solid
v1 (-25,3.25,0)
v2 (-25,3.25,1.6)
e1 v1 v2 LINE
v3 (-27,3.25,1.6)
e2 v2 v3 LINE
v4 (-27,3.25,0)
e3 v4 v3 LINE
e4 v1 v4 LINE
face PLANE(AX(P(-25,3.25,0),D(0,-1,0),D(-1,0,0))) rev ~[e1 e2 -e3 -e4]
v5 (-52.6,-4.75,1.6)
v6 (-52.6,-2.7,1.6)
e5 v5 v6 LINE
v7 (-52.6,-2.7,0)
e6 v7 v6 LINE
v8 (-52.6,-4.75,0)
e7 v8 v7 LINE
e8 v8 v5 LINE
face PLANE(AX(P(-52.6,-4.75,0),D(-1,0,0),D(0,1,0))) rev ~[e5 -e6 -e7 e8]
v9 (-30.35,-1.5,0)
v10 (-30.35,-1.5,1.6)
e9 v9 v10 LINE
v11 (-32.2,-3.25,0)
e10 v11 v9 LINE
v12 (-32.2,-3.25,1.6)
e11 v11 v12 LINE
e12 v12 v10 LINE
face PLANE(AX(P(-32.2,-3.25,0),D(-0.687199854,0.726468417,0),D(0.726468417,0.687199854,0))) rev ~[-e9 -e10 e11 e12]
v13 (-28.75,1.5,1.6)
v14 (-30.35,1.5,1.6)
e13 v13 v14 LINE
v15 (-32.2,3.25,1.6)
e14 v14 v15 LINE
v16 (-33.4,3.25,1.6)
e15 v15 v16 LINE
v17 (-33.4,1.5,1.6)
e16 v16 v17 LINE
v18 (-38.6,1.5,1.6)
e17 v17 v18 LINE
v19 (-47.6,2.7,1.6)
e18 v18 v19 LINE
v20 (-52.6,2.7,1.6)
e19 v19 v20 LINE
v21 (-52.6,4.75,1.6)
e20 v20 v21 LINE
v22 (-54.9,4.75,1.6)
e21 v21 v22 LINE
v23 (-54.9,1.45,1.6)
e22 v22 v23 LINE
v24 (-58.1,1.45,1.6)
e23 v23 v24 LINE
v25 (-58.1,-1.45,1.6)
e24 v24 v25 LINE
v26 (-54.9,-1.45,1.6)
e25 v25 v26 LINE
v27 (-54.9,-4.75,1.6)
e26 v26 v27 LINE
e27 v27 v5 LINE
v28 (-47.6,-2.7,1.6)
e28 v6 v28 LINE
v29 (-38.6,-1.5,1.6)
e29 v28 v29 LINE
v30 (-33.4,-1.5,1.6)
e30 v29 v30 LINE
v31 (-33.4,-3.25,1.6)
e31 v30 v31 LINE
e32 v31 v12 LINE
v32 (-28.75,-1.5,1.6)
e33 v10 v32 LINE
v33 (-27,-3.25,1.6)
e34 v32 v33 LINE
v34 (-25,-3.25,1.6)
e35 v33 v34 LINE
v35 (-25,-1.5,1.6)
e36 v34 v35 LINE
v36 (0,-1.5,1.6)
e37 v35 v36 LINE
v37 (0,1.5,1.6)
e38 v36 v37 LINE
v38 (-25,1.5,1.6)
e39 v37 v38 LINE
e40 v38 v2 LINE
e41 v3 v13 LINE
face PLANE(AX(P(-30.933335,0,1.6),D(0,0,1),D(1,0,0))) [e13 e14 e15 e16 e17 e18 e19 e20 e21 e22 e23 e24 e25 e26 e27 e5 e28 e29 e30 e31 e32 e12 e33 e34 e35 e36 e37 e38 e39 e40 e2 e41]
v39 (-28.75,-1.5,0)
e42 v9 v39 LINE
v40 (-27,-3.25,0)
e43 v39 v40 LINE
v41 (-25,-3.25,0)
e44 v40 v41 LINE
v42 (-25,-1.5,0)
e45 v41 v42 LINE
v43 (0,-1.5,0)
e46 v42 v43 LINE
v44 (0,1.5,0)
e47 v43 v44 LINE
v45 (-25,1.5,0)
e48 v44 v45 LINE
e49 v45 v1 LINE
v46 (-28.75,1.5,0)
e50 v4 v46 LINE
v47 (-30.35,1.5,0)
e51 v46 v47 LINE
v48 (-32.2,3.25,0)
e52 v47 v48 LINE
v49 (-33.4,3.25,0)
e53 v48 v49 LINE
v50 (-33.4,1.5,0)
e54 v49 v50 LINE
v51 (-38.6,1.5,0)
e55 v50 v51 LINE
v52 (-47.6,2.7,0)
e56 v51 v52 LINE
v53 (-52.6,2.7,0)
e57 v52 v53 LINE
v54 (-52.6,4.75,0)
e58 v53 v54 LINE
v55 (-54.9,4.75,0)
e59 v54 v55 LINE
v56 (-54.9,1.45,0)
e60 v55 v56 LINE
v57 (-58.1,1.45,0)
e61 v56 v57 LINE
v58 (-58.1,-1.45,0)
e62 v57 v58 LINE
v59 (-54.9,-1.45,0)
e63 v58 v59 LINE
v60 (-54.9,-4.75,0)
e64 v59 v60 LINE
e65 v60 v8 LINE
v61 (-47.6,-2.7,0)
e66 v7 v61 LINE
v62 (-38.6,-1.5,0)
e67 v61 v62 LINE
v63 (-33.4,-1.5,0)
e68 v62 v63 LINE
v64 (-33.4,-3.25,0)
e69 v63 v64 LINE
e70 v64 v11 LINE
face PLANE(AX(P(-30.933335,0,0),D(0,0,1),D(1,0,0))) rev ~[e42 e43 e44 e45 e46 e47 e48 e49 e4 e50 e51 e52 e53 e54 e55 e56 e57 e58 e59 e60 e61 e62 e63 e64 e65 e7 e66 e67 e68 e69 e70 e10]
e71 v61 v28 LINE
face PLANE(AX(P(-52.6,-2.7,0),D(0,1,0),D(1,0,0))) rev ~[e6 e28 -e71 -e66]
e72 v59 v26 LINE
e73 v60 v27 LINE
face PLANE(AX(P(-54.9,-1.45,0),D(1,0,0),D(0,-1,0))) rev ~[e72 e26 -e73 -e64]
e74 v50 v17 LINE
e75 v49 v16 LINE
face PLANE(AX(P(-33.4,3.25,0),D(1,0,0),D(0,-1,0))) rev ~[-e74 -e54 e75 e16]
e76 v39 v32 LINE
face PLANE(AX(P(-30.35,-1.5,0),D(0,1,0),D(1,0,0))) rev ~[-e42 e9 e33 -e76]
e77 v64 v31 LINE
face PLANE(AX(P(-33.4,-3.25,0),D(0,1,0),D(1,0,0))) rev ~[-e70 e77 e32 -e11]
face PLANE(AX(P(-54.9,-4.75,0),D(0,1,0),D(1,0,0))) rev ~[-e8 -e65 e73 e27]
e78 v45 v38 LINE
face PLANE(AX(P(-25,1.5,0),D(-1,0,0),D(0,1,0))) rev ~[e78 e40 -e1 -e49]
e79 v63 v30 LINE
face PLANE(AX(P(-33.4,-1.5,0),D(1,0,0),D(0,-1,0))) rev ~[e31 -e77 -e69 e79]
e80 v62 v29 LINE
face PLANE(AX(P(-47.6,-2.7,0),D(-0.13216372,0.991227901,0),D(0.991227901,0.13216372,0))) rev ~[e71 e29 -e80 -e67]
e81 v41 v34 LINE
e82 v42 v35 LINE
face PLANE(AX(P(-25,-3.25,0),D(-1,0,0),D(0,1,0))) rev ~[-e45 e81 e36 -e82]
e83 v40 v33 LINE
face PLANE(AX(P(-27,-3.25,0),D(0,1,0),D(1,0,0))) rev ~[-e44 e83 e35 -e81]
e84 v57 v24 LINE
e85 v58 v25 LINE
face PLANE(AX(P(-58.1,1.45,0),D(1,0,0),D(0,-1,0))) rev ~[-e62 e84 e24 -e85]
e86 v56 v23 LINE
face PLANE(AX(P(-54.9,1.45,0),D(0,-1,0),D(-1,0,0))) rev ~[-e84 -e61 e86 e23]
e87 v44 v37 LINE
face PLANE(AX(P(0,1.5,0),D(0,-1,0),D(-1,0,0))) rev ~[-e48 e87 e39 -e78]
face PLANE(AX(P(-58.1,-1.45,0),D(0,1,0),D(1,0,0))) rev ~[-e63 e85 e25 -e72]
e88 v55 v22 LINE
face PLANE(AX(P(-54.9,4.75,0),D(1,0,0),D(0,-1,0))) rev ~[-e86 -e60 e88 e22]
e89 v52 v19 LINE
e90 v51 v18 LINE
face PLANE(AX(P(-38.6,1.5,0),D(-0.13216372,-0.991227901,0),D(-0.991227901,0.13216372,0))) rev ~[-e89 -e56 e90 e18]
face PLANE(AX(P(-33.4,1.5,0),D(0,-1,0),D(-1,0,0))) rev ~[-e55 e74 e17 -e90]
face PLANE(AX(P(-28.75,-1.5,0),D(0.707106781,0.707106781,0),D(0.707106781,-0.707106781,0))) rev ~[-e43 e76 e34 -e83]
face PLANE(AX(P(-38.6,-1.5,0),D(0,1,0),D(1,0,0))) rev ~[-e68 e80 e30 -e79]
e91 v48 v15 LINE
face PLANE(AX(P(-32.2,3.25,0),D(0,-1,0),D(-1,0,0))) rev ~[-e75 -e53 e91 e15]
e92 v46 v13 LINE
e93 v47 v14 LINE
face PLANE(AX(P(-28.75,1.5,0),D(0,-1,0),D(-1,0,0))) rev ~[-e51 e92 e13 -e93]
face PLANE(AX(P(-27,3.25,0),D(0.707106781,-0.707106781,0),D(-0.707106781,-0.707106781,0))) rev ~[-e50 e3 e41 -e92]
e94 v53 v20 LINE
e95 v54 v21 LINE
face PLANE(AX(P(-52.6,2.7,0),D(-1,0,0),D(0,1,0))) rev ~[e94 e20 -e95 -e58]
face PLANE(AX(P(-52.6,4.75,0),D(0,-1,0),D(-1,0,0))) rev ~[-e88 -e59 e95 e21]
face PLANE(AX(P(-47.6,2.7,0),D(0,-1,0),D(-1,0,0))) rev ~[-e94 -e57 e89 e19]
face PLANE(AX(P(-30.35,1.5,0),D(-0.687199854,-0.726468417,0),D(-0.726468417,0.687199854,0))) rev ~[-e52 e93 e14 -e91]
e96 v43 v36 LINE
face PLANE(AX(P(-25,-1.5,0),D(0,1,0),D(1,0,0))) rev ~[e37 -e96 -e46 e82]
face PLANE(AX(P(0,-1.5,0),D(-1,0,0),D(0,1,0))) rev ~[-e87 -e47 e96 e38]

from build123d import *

# Parameters (mm, degrees)
F1_DEPTH = 1.6


with BuildPart() as f1:
    # F0 (on Top) → F1 (new body)
    with BuildSketch(Plane.XY):
        Polygon((0, -1.5), (0, 0), (0, 1.5), (-25, 1.5), (-25, 3.25), (-27, 3.25), (-28.75, 1.5), (-30.35, 1.5), (-32.2, 3.25), (-33.4, 3.25), (-33.4, 1.5), (-38.6, 1.5), (-47.6, 2.7), (-52.6, 2.7), (-52.6, 4.75), (-54.9, 4.75), (-54.9, 1.45), (-58.1, 1.45), (-58.1, 0), (-58.1, -1.45), (-54.9, -1.45), (-54.9, -4.75), (-52.6, -4.75), (-52.6, -2.7), (-47.6, -2.7), (-38.6, -1.5), (-33.4, -1.5), (-33.4, -3.25), (-32.2, -3.25), (-30.35, -1.5), (-28.75, -1.5), (-27, -3.25), (-25, -3.25), (-25, -1.5), align=None)
    extrude(amount=F1_DEPTH)


solid = f1.part
